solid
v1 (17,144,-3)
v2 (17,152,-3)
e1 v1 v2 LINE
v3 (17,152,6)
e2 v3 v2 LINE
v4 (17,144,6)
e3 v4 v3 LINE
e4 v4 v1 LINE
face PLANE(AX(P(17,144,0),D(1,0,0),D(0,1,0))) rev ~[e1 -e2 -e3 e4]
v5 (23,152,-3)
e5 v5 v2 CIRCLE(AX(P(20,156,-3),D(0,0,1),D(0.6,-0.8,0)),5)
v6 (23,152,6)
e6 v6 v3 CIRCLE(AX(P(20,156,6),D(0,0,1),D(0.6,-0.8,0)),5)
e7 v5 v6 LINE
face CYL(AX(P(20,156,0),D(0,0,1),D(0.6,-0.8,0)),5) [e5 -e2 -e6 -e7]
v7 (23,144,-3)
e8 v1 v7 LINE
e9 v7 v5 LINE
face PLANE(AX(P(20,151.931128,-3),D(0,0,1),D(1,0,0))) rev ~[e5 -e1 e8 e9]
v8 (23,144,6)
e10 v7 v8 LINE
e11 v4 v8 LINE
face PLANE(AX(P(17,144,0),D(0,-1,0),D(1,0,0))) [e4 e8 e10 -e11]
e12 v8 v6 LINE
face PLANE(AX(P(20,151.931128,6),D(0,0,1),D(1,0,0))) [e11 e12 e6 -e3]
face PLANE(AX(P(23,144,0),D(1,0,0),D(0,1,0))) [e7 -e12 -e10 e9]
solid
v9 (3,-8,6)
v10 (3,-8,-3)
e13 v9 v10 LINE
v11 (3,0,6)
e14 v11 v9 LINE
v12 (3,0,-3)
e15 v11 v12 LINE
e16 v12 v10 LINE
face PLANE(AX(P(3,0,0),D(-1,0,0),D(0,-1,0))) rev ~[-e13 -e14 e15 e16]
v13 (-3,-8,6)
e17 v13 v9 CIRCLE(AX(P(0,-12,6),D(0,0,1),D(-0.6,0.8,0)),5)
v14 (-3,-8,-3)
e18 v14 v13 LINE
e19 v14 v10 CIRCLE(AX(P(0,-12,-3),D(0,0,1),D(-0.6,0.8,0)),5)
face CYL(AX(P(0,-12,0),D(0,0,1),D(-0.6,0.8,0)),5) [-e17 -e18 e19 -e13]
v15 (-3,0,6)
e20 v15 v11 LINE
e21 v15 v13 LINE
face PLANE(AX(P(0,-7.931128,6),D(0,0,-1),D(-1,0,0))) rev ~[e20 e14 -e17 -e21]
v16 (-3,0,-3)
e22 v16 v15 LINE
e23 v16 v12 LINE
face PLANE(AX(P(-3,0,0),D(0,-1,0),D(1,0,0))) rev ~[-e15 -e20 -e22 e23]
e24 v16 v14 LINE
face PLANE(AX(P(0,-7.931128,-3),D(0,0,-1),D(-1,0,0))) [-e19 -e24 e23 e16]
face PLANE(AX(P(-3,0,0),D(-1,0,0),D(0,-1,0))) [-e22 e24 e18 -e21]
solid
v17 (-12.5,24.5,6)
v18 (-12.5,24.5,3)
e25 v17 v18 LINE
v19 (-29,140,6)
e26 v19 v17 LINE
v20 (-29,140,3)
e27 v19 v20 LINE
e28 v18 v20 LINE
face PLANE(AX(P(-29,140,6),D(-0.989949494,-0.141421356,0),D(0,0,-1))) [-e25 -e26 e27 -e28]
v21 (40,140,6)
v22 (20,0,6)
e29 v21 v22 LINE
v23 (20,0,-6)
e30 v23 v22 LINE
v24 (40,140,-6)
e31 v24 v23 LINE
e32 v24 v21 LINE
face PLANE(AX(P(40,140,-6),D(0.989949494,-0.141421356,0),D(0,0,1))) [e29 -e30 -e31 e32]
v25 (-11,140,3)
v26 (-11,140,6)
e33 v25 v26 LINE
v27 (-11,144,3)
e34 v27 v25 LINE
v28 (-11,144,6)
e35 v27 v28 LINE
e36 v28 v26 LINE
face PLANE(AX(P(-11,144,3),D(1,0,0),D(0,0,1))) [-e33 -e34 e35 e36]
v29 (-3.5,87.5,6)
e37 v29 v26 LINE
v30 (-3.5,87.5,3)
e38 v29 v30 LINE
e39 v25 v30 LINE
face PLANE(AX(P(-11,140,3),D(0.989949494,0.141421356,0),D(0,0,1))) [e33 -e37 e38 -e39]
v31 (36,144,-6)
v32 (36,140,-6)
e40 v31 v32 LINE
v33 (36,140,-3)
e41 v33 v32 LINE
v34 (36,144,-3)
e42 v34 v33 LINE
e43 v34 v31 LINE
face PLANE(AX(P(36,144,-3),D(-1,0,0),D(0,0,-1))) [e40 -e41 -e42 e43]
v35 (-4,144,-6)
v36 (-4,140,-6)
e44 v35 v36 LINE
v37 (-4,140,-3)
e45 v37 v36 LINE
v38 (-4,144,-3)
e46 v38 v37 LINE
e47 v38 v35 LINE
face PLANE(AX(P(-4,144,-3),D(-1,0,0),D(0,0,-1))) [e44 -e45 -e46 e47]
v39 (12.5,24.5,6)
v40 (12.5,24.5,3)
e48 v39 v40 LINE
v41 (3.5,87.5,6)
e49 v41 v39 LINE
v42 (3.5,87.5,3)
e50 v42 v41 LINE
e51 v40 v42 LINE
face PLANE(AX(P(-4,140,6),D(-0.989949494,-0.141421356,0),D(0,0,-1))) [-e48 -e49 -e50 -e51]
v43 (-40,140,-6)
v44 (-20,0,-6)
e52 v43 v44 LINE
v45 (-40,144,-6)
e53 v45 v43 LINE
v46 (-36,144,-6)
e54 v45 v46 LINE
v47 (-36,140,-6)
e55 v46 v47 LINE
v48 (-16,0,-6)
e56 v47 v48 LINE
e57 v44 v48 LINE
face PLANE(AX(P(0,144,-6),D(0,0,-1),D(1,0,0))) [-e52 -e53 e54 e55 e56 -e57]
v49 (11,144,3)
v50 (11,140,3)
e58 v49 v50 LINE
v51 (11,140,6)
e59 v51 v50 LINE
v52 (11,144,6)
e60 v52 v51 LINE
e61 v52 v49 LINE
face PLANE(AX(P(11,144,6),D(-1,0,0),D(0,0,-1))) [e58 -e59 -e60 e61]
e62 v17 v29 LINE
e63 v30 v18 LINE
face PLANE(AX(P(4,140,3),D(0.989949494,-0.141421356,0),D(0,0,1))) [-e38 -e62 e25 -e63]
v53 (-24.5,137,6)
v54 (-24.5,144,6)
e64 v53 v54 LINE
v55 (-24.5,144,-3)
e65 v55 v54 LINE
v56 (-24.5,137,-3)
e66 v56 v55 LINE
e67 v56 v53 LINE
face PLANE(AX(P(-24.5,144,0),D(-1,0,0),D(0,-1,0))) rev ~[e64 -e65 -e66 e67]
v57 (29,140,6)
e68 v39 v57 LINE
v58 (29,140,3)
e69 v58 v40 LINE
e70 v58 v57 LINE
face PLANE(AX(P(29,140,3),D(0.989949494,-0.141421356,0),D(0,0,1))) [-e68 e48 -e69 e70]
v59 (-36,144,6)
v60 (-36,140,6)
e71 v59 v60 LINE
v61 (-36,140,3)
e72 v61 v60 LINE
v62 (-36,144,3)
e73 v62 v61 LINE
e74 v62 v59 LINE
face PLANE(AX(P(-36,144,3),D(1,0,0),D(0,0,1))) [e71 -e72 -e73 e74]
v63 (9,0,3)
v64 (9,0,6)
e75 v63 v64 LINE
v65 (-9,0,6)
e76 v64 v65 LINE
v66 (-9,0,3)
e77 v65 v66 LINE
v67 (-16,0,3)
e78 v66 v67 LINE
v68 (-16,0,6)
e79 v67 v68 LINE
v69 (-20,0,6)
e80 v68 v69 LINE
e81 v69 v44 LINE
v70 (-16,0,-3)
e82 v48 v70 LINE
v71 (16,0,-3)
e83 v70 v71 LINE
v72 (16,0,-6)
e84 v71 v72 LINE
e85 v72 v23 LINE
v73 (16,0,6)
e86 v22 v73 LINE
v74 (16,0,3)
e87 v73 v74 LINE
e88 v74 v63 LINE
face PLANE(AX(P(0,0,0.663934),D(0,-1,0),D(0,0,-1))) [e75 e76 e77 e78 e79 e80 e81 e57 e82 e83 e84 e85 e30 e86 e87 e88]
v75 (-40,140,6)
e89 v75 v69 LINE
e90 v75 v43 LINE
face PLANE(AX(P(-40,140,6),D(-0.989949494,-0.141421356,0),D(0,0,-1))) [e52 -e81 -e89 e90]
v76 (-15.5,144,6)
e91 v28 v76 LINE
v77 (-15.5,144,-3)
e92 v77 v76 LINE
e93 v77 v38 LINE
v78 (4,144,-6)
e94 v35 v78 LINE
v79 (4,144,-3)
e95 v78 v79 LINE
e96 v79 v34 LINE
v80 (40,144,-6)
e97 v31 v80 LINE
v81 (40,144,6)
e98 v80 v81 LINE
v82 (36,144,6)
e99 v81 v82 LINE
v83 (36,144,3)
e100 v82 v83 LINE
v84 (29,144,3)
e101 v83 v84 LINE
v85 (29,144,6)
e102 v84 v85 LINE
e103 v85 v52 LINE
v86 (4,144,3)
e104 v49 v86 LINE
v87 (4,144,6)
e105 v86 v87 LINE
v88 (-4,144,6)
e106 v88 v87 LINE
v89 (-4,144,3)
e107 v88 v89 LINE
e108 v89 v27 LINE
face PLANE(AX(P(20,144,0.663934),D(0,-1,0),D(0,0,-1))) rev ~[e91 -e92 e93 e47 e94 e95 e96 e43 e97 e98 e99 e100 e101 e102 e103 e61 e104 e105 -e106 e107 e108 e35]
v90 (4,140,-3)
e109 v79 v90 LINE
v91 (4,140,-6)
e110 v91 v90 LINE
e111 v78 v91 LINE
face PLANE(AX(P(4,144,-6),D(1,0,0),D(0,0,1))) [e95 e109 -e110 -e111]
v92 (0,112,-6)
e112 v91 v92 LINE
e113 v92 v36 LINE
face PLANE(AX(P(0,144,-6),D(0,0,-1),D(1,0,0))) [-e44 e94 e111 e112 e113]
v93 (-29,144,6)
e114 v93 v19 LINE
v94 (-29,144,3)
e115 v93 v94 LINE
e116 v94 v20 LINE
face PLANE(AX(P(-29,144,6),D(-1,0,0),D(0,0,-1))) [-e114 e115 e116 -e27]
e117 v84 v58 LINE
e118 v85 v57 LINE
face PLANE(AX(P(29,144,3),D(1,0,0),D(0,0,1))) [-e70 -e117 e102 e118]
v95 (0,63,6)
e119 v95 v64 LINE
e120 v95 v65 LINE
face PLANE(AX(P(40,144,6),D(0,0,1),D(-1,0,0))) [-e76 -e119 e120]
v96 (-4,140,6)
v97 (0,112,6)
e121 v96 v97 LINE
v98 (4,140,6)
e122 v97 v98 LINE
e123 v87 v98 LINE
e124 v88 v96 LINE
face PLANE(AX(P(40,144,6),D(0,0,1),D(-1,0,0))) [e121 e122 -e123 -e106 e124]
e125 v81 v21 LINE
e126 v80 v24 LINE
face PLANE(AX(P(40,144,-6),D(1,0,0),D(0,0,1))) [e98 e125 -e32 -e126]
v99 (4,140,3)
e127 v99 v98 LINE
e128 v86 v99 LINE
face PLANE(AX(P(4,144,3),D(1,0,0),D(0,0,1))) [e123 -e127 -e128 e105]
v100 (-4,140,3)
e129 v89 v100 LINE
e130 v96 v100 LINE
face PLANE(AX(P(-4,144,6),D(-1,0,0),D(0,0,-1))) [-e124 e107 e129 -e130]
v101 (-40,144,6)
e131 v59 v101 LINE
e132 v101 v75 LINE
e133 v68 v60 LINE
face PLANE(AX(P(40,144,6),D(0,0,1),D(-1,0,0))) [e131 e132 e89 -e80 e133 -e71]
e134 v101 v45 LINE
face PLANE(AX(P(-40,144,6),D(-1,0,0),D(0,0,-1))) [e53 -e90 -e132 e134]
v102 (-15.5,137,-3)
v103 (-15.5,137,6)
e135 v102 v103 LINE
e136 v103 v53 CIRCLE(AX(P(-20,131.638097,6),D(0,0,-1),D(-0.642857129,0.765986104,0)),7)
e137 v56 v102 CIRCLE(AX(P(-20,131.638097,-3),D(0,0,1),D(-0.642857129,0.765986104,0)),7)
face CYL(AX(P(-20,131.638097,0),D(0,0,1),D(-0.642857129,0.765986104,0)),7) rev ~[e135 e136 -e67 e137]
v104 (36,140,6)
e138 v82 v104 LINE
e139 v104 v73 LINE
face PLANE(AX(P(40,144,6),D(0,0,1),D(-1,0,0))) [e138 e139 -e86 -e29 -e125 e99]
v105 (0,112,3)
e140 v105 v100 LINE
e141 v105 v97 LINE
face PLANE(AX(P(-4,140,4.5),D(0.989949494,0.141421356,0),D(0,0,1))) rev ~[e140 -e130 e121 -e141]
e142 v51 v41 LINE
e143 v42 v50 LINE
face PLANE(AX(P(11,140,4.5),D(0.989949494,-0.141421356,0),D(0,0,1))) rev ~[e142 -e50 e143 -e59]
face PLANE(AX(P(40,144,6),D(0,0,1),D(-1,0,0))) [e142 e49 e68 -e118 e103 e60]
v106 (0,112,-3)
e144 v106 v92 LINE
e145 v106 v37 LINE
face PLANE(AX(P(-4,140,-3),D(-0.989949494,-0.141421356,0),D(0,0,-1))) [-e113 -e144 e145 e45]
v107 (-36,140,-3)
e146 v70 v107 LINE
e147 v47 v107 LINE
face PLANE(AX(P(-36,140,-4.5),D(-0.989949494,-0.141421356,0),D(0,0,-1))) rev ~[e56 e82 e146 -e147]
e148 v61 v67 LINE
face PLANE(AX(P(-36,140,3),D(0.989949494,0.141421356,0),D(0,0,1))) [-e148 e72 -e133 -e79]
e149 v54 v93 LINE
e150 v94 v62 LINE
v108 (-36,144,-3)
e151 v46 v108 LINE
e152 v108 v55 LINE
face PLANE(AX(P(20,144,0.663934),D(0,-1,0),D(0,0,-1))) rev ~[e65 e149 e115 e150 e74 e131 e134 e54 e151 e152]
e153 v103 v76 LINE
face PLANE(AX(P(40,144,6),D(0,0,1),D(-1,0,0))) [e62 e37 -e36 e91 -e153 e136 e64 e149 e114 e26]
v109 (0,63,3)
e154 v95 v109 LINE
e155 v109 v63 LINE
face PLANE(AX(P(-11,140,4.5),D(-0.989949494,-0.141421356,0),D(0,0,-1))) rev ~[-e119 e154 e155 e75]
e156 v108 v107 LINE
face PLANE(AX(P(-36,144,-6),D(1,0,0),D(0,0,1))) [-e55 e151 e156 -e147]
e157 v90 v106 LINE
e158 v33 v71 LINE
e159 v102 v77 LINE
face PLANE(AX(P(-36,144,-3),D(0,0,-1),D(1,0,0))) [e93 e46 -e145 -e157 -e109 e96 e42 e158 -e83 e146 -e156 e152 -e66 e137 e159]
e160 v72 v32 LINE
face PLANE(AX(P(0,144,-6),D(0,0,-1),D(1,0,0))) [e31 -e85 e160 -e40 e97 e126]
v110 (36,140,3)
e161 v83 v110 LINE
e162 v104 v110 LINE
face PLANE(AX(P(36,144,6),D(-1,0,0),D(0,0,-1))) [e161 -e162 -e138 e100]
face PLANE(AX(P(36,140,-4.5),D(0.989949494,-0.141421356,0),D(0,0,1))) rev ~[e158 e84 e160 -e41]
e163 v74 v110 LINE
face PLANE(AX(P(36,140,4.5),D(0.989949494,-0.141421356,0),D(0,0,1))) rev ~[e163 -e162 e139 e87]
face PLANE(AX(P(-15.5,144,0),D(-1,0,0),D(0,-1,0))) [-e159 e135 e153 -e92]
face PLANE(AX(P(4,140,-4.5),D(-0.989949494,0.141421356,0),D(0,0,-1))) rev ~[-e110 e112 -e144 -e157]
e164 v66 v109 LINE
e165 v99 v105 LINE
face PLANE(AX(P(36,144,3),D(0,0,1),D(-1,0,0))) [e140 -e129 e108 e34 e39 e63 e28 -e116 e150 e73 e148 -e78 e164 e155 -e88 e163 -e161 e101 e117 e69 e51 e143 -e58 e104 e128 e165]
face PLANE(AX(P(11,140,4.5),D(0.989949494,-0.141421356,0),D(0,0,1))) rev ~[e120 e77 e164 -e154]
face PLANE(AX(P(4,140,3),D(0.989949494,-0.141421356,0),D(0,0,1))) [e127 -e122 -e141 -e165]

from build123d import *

# Parameters (mm, degrees)
SKETCH004_W       = 32
SKETCH004_H       = 3
SKETCH005_W       = 7
SKETCH005_H       = 3
SKETCH006_W       = 7
SKETCH006_H       = 3
POCKET_DEPTH      = 6.001
POCKET_DEPTH_BACK = -6.001
PAD_DEPTH         = 6
PAD_DEPTH_BACK    = 3
PAD002_DEPTH      = 6
PAD002_DEPTH_BACK = 3


with BuildPart() as body:
    # AdditivePipe: sweep along a path in Sketch
    with BuildLine(Plane.XY) as additivepipe_path:
        Line((-20, 144), (-20, 140))
        Line((-20, 140), (0, 0))
    # Sketch002 → AdditivePipe (sweep)
    with BuildSketch(Plane.XZ):
        Polygon((-20, 6), (-20, -6), (-16, -6), (-16, -3), (-9, -3), (9, -3), (16, -3), (16, -6), (20, -6), (20, 6), (16, 6), (16, 3), (9, 3), (9, 6), (-9, 6), (-9, 3), (-16, 3), (-16, 6), align=None)
    sweep(path=additivepipe_path.line)

    # AdditivePipe001: sweep along a path in Sketch001
    with BuildLine(Plane.XY) as additivepipe001_path:
        Line((20, 144), (20, 140))
        Line((20, 140), (0, 0))
    # Sketch002 → AdditivePipe001 (sweep)
    with BuildSketch(Plane.XZ):
        Polygon((-20, 6), (-20, -6), (-16, -6), (-16, -3), (-9, -3), (9, -3), (16, -3), (16, -6), (20, -6), (20, 6), (16, 6), (16, 3), (9, 3), (9, 6), (-9, 6), (-9, 3), (-16, 3), (-16, 6), align=None)
    sweep(path=additivepipe001_path.line)

    # SubtractivePipe: sweep along a path in Sketch
    with BuildLine(Plane.XY) as subtractivepipe_path:
        Line((-20, 144), (-20, 140))
        Line((-20, 140), (0, 0))
    # Sketch004 → SubtractivePipe (sweep, cut)
    with BuildSketch(Plane.XZ):
        with Locations((0, -4.5)):
            Rectangle(SKETCH004_W, SKETCH004_H)
    sweep(path=subtractivepipe_path.line, mode=Mode.SUBTRACT)

    # SubtractivePipe001: sweep along a path in Sketch001
    with BuildLine(Plane.XY) as subtractivepipe001_path:
        Line((20, 144), (20, 140))
        Line((20, 140), (0, 0))
    # Sketch004 → SubtractivePipe001 (sweep, cut)
    with BuildSketch(Plane.XZ):
        with Locations((0, -4.5)):
            Rectangle(SKETCH004_W, SKETCH004_H)
    sweep(path=subtractivepipe001_path.line, mode=Mode.SUBTRACT)

    # SubtractivePipe002: sweep along a path in Sketch
    with BuildLine(Plane.XY) as subtractivepipe002_path:
        Line((-20, 144), (-20, 140))
        Line((-20, 140), (0, 0))
    # Sketch005 → SubtractivePipe002 (sweep, cut)
    with BuildSketch(Plane.XZ):
        with Locations((-12.5, 4.5)):
            Rectangle(SKETCH005_W, SKETCH005_H)
    sweep(path=subtractivepipe002_path.line, mode=Mode.SUBTRACT)

    # SubtractivePipe003: sweep along a path in Sketch001
    with BuildLine(Plane.XY) as subtractivepipe003_path:
        Line((20, 144), (20, 140))
        Line((20, 140), (0, 0))
    # Sketch005 → SubtractivePipe003 (sweep, cut)
    with BuildSketch(Plane.XZ):
        with Locations((-12.5, 4.5)):
            Rectangle(SKETCH005_W, SKETCH005_H)
    sweep(path=subtractivepipe003_path.line, mode=Mode.SUBTRACT)

    # SubtractivePipe004: sweep along a path in Sketch
    with BuildLine(Plane.XY) as subtractivepipe004_path:
        Line((-20, 144), (-20, 140))
        Line((-20, 140), (0, 0))
    # Sketch006 → SubtractivePipe004 (sweep, cut)
    with BuildSketch(Plane.XZ):
        with Locations((12.5, 4.5)):
            Rectangle(SKETCH006_W, SKETCH006_H)
    sweep(path=subtractivepipe004_path.line, mode=Mode.SUBTRACT)

    # SubtractivePipe005: sweep along a path in Sketch001
    with BuildLine(Plane.XY) as subtractivepipe005_path:
        Line((20, 144), (20, 140))
        Line((20, 140), (0, 0))
    # Sketch006 → SubtractivePipe005 (sweep, cut)
    with BuildSketch(Plane.XZ):
        with Locations((12.5, 4.5)):
            Rectangle(SKETCH006_W, SKETCH006_H)
    sweep(path=subtractivepipe005_path.line, mode=Mode.SUBTRACT)

    # Sketch007 → Pocket (cut, two sides)
    with BuildSketch(Plane.XY) as pocket_sk:
        with BuildLine():
            Line((-24.5, 144), (-15.5, 144))
            Line((-15.5, 144), (-15.5, 137))
            ThreePointArc((-24.5, 137), (-20, 124.638097), (-15.5, 137))
            Line((-24.5, 144), (-24.5, 137))
        make_face()
    extrude(amount=-POCKET_DEPTH, mode=Mode.SUBTRACT)
    extrude(pocket_sk.sketch, amount=-POCKET_DEPTH_BACK, mode=Mode.SUBTRACT)


with BuildPart() as body001:
    # Sketch009 → Pad (new body, two sides)
    with BuildSketch(Plane.XY) as pad_sk:
        with BuildLine():
            Line((-3, 0), (3, 0))
            Line((3, 0), (3, -8))
            ThreePointArc((-3, -8), (0, -17), (3, -8))
            Line((-3, 0), (-3, -8))
        make_face()
    extrude(amount=PAD_DEPTH)
    extrude(pad_sk.sketch, amount=-PAD_DEPTH_BACK)


with BuildPart() as male3:
    # Sketch011 → Pad002 (new body, two sides)
    with BuildSketch(Plane.XY) as pad002_sk:
        with BuildLine():
            Line((17, 144), (23, 144))
            Line((23, 144), (23, 152))
            ThreePointArc((23, 152), (20, 161), (17, 152))
            Line((17, 144), (17, 152))
        make_face()
    extrude(amount=PAD002_DEPTH)
    extrude(pad002_sk.sketch, amount=-PAD002_DEPTH_BACK)


solid = Compound([body.part, body001.part, male3.part])
